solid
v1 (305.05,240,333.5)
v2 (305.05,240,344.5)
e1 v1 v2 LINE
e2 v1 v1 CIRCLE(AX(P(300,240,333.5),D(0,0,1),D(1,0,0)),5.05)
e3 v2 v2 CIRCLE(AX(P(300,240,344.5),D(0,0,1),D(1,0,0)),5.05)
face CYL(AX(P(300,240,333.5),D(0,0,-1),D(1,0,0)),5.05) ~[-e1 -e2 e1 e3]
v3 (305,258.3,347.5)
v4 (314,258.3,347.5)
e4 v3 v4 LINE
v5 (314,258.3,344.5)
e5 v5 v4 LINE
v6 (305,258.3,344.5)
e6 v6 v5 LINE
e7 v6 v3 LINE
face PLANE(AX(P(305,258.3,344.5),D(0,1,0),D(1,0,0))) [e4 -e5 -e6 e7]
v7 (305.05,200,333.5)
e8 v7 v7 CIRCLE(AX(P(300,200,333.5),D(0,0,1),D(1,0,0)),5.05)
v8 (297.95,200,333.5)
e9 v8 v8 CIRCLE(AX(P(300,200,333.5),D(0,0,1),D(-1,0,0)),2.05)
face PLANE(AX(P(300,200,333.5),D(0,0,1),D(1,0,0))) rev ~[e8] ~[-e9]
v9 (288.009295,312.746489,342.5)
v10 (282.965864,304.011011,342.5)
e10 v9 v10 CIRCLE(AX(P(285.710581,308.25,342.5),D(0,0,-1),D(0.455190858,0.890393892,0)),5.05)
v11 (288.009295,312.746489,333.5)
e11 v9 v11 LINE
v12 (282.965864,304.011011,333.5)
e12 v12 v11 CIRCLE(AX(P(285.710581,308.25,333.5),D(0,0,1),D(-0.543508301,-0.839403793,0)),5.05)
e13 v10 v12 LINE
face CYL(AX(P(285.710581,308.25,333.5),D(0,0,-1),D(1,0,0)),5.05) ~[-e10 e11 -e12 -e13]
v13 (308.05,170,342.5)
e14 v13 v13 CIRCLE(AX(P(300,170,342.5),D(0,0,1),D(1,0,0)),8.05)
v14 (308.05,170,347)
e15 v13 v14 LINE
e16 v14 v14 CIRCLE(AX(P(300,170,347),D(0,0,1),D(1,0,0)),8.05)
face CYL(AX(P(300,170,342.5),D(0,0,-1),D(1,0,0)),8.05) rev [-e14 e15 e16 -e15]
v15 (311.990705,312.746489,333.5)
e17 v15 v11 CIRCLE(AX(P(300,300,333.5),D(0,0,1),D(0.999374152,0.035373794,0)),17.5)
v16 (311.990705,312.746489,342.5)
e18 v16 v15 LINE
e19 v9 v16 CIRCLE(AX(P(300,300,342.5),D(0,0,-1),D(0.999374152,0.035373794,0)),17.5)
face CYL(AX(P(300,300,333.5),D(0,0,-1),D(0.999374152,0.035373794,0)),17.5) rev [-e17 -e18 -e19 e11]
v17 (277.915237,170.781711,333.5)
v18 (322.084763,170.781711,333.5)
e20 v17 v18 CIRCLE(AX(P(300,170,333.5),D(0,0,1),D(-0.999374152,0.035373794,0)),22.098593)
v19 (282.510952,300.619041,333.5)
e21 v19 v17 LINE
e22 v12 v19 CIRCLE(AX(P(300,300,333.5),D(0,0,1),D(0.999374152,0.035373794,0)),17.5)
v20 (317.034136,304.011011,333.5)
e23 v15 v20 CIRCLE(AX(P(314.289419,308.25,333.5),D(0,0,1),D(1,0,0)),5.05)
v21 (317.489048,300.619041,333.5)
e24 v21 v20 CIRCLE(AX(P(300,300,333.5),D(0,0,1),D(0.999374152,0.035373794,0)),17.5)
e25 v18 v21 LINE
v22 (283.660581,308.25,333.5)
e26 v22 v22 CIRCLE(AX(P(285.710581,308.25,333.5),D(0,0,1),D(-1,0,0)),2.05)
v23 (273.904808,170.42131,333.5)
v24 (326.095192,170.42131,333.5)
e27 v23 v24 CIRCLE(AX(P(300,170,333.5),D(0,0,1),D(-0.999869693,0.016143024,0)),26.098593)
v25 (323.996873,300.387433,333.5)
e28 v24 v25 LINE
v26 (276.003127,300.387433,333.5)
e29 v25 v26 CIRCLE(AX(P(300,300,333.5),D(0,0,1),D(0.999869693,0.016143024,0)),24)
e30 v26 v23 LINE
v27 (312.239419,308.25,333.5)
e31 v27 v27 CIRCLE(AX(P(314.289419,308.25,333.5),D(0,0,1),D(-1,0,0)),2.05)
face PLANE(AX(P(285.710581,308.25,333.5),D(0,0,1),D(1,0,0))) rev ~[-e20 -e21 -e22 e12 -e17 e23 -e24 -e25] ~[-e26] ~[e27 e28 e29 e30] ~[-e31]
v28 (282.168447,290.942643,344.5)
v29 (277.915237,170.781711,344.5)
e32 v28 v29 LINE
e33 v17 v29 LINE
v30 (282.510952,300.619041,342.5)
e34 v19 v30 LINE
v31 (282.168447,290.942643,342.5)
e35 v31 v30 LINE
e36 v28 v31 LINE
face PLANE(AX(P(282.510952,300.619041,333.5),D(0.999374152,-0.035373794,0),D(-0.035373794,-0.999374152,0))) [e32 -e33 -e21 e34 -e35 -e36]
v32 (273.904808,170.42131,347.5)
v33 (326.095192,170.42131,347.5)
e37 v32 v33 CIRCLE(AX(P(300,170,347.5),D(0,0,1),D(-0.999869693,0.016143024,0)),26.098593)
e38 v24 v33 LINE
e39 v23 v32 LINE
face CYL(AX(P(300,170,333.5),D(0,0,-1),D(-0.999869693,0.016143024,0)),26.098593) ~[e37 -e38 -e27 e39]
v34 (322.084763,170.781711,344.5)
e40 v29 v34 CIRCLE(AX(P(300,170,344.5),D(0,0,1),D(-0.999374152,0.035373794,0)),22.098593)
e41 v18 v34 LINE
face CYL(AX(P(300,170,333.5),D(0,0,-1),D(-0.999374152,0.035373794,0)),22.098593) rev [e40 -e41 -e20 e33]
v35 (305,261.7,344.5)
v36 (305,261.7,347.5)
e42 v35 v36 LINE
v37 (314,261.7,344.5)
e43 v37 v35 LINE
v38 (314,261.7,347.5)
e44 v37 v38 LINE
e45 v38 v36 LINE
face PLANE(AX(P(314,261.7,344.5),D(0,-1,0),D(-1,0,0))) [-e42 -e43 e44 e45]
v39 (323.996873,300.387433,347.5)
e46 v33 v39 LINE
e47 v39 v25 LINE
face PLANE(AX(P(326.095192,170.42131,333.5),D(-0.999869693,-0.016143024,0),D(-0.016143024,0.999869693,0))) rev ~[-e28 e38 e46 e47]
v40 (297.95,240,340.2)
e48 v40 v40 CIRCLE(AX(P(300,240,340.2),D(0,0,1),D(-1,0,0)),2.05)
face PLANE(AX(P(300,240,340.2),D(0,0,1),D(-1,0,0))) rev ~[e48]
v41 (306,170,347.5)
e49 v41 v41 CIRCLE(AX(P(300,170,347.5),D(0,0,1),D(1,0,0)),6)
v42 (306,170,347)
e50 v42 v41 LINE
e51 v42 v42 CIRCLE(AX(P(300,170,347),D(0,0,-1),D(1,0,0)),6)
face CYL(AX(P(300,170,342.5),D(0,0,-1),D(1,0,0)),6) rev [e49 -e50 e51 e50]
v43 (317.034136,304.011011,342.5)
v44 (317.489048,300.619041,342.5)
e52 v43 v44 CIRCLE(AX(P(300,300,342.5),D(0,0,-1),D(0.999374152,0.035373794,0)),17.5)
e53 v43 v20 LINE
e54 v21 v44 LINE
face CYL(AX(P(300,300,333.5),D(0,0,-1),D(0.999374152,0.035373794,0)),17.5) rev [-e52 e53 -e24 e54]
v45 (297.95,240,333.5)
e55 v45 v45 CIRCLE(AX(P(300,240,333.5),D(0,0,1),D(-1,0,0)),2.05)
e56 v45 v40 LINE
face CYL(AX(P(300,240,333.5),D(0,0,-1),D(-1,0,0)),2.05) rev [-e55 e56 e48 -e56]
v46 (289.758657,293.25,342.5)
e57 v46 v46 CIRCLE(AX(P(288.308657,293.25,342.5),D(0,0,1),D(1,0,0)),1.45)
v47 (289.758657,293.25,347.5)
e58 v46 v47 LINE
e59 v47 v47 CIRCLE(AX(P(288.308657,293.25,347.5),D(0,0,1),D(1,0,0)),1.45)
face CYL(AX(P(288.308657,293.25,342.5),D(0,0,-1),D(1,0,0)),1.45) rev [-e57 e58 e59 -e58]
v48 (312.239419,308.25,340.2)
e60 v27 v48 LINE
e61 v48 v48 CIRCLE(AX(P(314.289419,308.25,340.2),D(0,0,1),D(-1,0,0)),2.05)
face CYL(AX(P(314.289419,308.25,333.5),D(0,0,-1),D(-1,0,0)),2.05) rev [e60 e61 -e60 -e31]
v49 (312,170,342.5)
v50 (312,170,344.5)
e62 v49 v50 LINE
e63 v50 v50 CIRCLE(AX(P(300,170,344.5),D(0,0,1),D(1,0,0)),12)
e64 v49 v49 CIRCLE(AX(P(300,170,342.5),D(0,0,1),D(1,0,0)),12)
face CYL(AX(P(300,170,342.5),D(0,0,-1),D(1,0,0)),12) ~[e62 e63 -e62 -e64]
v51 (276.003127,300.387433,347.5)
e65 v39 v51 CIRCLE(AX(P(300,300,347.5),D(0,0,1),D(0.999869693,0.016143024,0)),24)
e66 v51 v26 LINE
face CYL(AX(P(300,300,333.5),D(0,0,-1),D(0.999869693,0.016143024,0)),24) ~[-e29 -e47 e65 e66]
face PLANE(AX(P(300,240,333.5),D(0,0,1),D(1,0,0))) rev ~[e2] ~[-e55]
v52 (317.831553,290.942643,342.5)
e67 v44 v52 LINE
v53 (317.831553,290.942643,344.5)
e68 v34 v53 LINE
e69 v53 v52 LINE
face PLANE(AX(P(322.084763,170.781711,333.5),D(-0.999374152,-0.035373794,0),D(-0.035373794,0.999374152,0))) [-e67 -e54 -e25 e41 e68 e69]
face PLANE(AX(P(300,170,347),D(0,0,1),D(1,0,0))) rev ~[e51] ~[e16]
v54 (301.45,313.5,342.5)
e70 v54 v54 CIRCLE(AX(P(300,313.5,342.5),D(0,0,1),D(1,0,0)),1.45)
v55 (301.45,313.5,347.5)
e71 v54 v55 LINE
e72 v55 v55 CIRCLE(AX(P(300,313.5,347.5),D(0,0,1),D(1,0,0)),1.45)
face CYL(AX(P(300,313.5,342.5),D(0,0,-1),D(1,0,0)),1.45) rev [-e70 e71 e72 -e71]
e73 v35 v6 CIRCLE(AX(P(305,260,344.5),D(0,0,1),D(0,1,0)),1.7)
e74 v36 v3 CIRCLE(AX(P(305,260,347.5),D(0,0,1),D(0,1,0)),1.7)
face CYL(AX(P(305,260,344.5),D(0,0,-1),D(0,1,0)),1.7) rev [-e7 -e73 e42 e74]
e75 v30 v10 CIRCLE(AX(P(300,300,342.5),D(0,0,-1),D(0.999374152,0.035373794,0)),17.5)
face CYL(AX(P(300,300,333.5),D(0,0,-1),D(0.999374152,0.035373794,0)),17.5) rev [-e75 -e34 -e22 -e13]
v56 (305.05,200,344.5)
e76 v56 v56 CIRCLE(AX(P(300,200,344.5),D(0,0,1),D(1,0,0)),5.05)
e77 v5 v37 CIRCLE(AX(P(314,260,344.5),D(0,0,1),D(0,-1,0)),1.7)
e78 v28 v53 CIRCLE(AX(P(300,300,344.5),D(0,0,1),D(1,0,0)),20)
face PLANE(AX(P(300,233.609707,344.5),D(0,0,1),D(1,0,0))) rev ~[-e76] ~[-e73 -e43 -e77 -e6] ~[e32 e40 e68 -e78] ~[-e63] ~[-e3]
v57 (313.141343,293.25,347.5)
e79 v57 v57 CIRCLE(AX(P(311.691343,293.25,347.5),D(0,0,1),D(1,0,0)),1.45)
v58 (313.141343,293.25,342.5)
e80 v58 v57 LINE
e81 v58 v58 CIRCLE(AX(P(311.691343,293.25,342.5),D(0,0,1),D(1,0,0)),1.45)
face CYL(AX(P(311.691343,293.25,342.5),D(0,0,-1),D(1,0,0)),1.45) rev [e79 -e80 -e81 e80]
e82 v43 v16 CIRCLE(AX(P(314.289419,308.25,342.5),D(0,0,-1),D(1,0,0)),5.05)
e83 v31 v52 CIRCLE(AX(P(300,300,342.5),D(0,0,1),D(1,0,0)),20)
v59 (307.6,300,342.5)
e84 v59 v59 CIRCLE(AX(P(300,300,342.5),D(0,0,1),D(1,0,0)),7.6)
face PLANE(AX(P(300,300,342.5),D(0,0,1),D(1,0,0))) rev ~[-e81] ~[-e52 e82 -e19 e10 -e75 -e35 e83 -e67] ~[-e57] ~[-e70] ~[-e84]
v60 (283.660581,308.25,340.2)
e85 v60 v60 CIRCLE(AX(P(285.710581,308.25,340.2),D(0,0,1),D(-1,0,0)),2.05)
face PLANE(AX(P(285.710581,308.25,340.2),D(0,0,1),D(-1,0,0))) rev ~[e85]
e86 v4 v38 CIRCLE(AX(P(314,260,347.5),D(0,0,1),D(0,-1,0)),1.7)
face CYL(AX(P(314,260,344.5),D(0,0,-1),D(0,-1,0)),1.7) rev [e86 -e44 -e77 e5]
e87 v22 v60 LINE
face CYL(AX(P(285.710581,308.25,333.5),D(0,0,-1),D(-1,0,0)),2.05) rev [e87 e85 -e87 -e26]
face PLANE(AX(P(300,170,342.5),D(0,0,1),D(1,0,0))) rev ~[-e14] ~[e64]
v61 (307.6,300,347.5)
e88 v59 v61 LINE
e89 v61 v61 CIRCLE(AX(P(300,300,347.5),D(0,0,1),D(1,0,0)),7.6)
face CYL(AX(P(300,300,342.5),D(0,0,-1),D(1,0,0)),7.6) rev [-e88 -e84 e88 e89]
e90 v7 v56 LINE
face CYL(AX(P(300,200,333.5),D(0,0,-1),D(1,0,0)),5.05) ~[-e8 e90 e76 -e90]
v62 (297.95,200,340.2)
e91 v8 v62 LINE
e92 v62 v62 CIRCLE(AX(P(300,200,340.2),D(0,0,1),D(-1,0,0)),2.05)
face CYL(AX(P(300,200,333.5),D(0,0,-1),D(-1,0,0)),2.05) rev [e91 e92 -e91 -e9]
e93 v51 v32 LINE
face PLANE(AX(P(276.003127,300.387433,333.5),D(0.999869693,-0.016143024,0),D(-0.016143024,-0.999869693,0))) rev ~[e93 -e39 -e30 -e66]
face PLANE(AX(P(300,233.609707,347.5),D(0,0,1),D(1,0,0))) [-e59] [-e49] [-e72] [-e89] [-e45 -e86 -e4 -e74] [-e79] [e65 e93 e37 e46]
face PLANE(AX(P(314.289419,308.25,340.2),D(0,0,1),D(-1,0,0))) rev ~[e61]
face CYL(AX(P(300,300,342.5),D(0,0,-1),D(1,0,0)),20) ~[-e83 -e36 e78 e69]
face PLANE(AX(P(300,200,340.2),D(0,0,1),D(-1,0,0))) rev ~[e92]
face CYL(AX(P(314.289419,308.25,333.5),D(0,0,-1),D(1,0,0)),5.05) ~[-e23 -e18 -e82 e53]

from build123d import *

# Parameters (mm, degrees)
SKETCH1_R           = 6
SKETCH1_R_2         = 1.45
BOSS_EXTRUDE1_DEPTH = 3
SKETCH2_R           = 20
SKETCH2_R_2         = 1.45
BOSS_EXTRUDE2_DEPTH = 2
SKETCH3_R           = 12
SKETCH3_R_2         = 6
BOSS_EXTRUDE3_DEPTH = 2
BOSS_EXTRUDE4_DEPTH = 11
SKETCH5_R           = 5.05
BOSS_EXTRUDE5_DEPTH = 11
SKETCH6_R           = 5.05
BOSS_EXTRUDE6_DEPTH = 11
SKETCH7_R           = 5.05
BOSS_EXTRUDE7_DEPTH = 11
SKETCH8_R           = 5.05
BOSS_EXTRUDE8_DEPTH = 11
SKETCH9_R           = 2.05
CUT_EXTRUDE1_DEPTH  = 6.7
SKETCH10_R          = 7.6
CUT_EXTRUDE2_DEPTH  = 5
SKETCH11_R          = 8.05
CUT_EXTRUDE3_DEPTH  = 4.5


with BuildPart() as part:
    # Sketch1 → Boss-Extrude1 (new body)
    with BuildSketch(Plane.XY.offset(344.5)):
        with BuildLine():
            Line((276.003127371, 300.387432585), (273.904807661, 170.421310226))
            ThreePointArc((273.904807661, 170.421310226), (300, 143.901406829), (326.095192339, 170.421310226))
            Line((326.095192339, 170.421310226), (323.996872629, 300.387432585))
            ThreePointArc((323.996872629, 300.387432585), (300, 324), (276.003127371, 300.387432585))
        make_face()
        with Locations((300, 170)):
            Circle(SKETCH1_R, mode=Mode.SUBTRACT)
        with Locations((300, 313.5)):
            Circle(SKETCH1_R_2, mode=Mode.SUBTRACT)
        with Locations((288.308657049, 293.25)):
            Circle(SKETCH1_R_2, mode=Mode.SUBTRACT)
        with Locations((311.691342951, 293.25)):
            Circle(SKETCH1_R_2, mode=Mode.SUBTRACT)
        with BuildLine():
            Line((305, 258.3), (314, 258.3))
            ThreePointArc((314, 258.3), (315.7, 260), (314, 261.7))
            Line((314, 261.7), (305, 261.7))
            ThreePointArc((305, 261.7), (303.3, 260), (305, 258.3))
        make_face(mode=Mode.SUBTRACT)
    extrude(amount=BOSS_EXTRUDE1_DEPTH)

    # Sketch2 → Boss-Extrude2 (add)
    with BuildSketch(Plane.XY.offset(342.5)):
        with Locations((300, 300)):
            Circle(SKETCH2_R)
        with Locations((300, 313.5)):
            Circle(SKETCH2_R_2, mode=Mode.SUBTRACT)
        with Locations((288.308657049, 293.25)):
            Circle(SKETCH2_R_2, mode=Mode.SUBTRACT)
        with Locations((311.691342951, 293.25)):
            Circle(SKETCH2_R_2, mode=Mode.SUBTRACT)
    extrude(amount=BOSS_EXTRUDE2_DEPTH)

    # Sketch3 → Boss-Extrude3 (add)
    with BuildSketch(Plane.XY.offset(342.5)):
        with Locations((300, 170)):
            Circle(SKETCH3_R)
        with Locations((300, 170)):
            Circle(SKETCH3_R_2, mode=Mode.SUBTRACT)
    extrude(amount=BOSS_EXTRUDE3_DEPTH)

    # Sketch4 → Boss-Extrude4 (add)
    with BuildSketch(Plane.XY.offset(333.5)):
        with BuildLine():
            Line((276.003127371, 300.387432585), (273.904807661, 170.421310226))
            ThreePointArc((273.904807661, 170.421310226), (300, 143.901406829), (326.095192339, 170.421310226))
            Line((326.095192339, 170.421310226), (323.996872629, 300.387432585))
            ThreePointArc((323.996872629, 300.387432585), (300, 324), (276.003127371, 300.387432585))
        make_face()
        with BuildLine():
            Line((282.510952348, 300.619041388), (277.9152372, 170.781711074))
            ThreePointArc((277.9152372, 170.781711074), (300, 147.901406829), (322.0847628, 170.781711074))
            Line((322.0847628, 170.781711074), (317.489047652, 300.619041388))
            ThreePointArc((317.489047652, 300.619041388), (300, 317.5), (282.510952348, 300.619041388))
        make_face(mode=Mode.SUBTRACT)
    extrude(amount=BOSS_EXTRUDE4_DEPTH)

    # Sketch5 → Boss-Extrude5 (add)
    with BuildSketch(Plane.XY.offset(333.5)):
        with Locations((314.289419162, 308.25)):
            Circle(SKETCH5_R)
    extrude(amount=BOSS_EXTRUDE5_DEPTH)

    # Sketch6 → Boss-Extrude6 (add)
    with BuildSketch(Plane.XY.offset(333.5)):
        with Locations((285.710580838, 308.25)):
            Circle(SKETCH6_R)
    extrude(amount=BOSS_EXTRUDE6_DEPTH)

    # Sketch7 → Boss-Extrude7 (add)
    with BuildSketch(Plane.XY.offset(333.5)):
        with Locations((300, 240)):
            Circle(SKETCH7_R)
    extrude(amount=BOSS_EXTRUDE7_DEPTH)

    # Sketch8 → Boss-Extrude8 (add)
    with BuildSketch(Plane.XY.offset(333.5)):
        with Locations((300, 200)):
            Circle(SKETCH8_R)
    extrude(amount=BOSS_EXTRUDE8_DEPTH)

    # Sketch9 → Cut-Extrude1 (cut)
    with BuildSketch(Plane.XY.offset(333.5)):
        with Locations((314.289419162, 308.25)):
            Circle(SKETCH9_R)
        with Locations((285.710580838, 308.25)):
            Circle(SKETCH9_R)
        with Locations((300, 240)):
            Circle(SKETCH9_R)
        with Locations((300, 200)):
            Circle(SKETCH9_R)
    extrude(amount=CUT_EXTRUDE1_DEPTH, mode=Mode.SUBTRACT)

    # Sketch10 → Cut-Extrude2 (cut)
    with BuildSketch(Plane.XY.offset(342.5)):
        with Locations((300, 300)):
            Circle(SKETCH10_R)
    extrude(amount=CUT_EXTRUDE2_DEPTH, mode=Mode.SUBTRACT)

    # Sketch11 → Cut-Extrude3 (cut)
    with BuildSketch(Plane.XY.offset(342.5)):
        with Locations((300, 170)):
            Circle(SKETCH11_R)
    extrude(amount=CUT_EXTRUDE3_DEPTH, mode=Mode.SUBTRACT)


solid = part.part
